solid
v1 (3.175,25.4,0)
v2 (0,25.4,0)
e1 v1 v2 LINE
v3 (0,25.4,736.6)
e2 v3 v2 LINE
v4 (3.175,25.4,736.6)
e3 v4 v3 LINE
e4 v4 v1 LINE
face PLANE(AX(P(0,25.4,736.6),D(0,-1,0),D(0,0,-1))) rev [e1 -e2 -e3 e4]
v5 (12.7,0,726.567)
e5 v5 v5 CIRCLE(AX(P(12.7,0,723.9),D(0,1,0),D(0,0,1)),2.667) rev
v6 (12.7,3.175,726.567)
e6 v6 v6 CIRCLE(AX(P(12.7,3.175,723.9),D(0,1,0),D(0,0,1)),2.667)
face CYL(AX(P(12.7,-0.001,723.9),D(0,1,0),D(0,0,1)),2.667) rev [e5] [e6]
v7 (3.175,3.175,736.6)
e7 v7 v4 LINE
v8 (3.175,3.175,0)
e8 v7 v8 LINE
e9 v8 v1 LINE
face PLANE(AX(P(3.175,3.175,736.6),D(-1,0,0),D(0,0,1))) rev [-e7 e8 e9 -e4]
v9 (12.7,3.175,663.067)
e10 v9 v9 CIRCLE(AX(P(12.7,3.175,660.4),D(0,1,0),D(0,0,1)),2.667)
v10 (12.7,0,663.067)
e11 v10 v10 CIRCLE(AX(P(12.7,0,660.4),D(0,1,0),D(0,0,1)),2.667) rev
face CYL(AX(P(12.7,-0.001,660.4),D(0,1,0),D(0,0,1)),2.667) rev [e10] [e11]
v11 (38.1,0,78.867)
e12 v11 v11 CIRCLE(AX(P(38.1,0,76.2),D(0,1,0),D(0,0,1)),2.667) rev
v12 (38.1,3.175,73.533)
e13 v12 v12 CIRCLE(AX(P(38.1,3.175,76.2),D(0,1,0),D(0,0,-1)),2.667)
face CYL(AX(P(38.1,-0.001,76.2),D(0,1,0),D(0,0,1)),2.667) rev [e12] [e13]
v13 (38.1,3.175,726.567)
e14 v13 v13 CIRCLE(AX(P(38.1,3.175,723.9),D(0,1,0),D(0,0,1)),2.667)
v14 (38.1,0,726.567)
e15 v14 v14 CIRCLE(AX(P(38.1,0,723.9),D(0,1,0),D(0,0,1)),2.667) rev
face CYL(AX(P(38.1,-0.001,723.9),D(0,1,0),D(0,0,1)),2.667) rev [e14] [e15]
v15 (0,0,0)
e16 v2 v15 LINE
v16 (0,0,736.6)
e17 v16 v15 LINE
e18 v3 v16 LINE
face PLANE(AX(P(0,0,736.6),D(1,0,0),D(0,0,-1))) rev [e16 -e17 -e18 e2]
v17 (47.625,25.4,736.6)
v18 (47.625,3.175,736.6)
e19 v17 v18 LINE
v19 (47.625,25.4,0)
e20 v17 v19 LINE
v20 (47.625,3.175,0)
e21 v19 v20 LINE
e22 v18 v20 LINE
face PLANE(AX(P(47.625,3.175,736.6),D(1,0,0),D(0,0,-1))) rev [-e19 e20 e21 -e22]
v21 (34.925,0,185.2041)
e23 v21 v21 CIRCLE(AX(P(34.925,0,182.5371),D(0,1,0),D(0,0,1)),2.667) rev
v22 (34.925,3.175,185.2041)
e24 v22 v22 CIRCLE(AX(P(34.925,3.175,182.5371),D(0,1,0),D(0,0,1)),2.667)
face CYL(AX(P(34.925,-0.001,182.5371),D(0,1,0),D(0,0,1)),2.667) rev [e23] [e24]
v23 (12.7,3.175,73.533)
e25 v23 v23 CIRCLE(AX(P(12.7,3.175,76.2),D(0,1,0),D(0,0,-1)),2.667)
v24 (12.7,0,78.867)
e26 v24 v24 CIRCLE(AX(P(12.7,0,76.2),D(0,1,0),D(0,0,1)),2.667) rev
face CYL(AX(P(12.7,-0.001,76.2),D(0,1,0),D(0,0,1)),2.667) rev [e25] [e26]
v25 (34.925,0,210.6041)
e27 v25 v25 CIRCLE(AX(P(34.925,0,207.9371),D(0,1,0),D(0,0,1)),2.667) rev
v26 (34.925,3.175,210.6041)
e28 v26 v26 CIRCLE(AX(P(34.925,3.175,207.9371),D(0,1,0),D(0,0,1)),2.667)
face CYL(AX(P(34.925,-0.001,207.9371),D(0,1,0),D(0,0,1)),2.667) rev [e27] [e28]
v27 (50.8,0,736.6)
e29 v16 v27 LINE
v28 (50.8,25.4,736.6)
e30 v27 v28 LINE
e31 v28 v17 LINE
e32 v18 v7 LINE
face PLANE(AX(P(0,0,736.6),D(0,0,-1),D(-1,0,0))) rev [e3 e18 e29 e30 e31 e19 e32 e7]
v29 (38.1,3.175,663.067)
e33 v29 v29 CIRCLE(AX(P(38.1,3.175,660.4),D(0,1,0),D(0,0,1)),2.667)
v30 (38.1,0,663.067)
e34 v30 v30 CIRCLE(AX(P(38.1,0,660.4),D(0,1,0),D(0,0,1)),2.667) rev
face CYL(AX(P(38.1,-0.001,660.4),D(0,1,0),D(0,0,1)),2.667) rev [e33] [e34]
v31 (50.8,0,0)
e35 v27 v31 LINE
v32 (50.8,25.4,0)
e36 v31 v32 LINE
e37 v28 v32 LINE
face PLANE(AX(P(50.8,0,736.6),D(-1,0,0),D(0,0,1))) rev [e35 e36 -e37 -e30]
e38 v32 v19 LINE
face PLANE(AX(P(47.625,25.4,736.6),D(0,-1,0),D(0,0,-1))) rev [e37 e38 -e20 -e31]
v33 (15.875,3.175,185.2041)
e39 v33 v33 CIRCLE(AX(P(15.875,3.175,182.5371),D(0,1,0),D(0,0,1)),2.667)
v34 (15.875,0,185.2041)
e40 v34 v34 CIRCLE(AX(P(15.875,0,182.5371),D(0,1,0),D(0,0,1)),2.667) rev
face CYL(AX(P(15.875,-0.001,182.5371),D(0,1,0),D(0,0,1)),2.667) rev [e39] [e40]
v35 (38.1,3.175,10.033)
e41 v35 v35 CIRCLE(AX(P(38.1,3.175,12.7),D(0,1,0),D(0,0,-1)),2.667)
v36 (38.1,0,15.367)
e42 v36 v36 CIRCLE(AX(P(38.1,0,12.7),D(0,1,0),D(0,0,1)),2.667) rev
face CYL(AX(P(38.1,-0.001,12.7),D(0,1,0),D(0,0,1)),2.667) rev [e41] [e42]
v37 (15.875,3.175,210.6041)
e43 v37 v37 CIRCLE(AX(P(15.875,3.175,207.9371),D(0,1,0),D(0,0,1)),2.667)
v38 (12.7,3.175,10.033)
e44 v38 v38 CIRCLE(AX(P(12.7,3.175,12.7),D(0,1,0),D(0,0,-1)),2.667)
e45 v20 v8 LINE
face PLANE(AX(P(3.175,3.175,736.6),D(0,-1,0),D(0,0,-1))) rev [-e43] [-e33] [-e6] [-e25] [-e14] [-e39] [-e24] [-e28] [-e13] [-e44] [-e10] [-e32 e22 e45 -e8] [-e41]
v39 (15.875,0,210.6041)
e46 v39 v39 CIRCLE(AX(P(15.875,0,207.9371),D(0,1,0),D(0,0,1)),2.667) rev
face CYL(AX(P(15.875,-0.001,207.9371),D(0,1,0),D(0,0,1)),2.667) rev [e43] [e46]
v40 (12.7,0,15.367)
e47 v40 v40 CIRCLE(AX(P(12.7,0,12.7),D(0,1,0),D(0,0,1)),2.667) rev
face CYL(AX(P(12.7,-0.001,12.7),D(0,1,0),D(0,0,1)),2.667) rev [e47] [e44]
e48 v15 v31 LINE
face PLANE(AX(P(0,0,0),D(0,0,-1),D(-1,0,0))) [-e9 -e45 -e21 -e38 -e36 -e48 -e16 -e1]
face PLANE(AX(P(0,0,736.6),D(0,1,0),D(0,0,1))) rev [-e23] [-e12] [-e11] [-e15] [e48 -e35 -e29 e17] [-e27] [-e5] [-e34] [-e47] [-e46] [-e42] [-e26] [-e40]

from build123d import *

# Parameters (mm, degrees)
EXTRUDE_F_DEPTH    = 736.6
CUT_EXTRUDE1_REACH = 5.175
SKETCH2_R          = 2.667
CUT_EXTRUDE2_REACH = 5.175
SKETCH3_R          = 2.667


with BuildPart() as part:
    # Sketch1 → Extrude f (new body)
    with BuildSketch(Plane.XY):
        Polygon((3.175, 3.175), (3.175, 25.4), (0, 25.4), (0, 0), (50.8, 0), (50.8, 25.4), (47.625, 25.4), (47.625, 3.175), align=None)
    extrude(amount=EXTRUDE_F_DEPTH)

    # Sketch2 → Cut-Extrude1 (cut, up to next)
    with BuildSketch(Plane(origin=(0, 3.175, 0), x_dir=(1, 0, 0), z_dir=(0, 1, 0)), mode=Mode.PRIVATE) as cut_extrude1_sk1:
        with Locations((12.7, -723.9)):
            Circle(SKETCH2_R)
    cut_extrude1_tool1 = extrude(cut_extrude1_sk1.sketch, amount=-CUT_EXTRUDE1_REACH, mode=Mode.PRIVATE) & part.part
    add(cut_extrude1_tool1.solids().sort_by_distance((12.7, 3.175, 723.9))[0], mode=Mode.SUBTRACT)
    # Sketch2 → Cut-Extrude1 (cut, up to next)
    with BuildSketch(Plane(origin=(0, 3.175, 0), x_dir=(1, 0, 0), z_dir=(0, 1, 0)), mode=Mode.PRIVATE) as cut_extrude1_sk2:
        with Locations((12.7, -660.4)):
            Circle(SKETCH2_R)
    cut_extrude1_tool2 = extrude(cut_extrude1_sk2.sketch, amount=-CUT_EXTRUDE1_REACH, mode=Mode.PRIVATE) & part.part
    add(cut_extrude1_tool2.solids().sort_by_distance((12.7, 3.175, 660.4))[0], mode=Mode.SUBTRACT)
    # Sketch2 → Cut-Extrude1 (cut, up to next)
    with BuildSketch(Plane(origin=(0, 3.175, 0), x_dir=(1, 0, 0), z_dir=(0, 1, 0)), mode=Mode.PRIVATE) as cut_extrude1_sk3:
        with Locations((38.1, -660.4)):
            Circle(SKETCH2_R)
    cut_extrude1_tool3 = extrude(cut_extrude1_sk3.sketch, amount=-CUT_EXTRUDE1_REACH, mode=Mode.PRIVATE) & part.part
    add(cut_extrude1_tool3.solids().sort_by_distance((38.1, 3.175, 660.4))[0], mode=Mode.SUBTRACT)
    # Sketch2 → Cut-Extrude1 (cut, up to next)
    with BuildSketch(Plane(origin=(0, 3.175, 0), x_dir=(1, 0, 0), z_dir=(0, 1, 0)), mode=Mode.PRIVATE) as cut_extrude1_sk4:
        with Locations((38.1, -723.9)):
            Circle(SKETCH2_R)
    cut_extrude1_tool4 = extrude(cut_extrude1_sk4.sketch, amount=-CUT_EXTRUDE1_REACH, mode=Mode.PRIVATE) & part.part
    add(cut_extrude1_tool4.solids().sort_by_distance((38.1, 3.175, 723.9))[0], mode=Mode.SUBTRACT)
    # Sketch2 → Cut-Extrude1 (cut, up to next)
    with BuildSketch(Plane(origin=(0, 3.175, 0), x_dir=(1, 0, 0), z_dir=(0, 1, 0)), mode=Mode.PRIVATE) as cut_extrude1_sk5:
        with Locations((38.1, -12.7)):
            Circle(SKETCH2_R)
    cut_extrude1_tool5 = extrude(cut_extrude1_sk5.sketch, amount=-CUT_EXTRUDE1_REACH, mode=Mode.PRIVATE) & part.part
    add(cut_extrude1_tool5.solids().sort_by_distance((38.1, 3.175, 12.7))[0], mode=Mode.SUBTRACT)
    # Sketch2 → Cut-Extrude1 (cut, up to next)
    with BuildSketch(Plane(origin=(0, 3.175, 0), x_dir=(1, 0, 0), z_dir=(0, 1, 0)), mode=Mode.PRIVATE) as cut_extrude1_sk6:
        with Locations((38.1, -76.2)):
            Circle(SKETCH2_R)
    cut_extrude1_tool6 = extrude(cut_extrude1_sk6.sketch, amount=-CUT_EXTRUDE1_REACH, mode=Mode.PRIVATE) & part.part
    add(cut_extrude1_tool6.solids().sort_by_distance((38.1, 3.175, 76.2))[0], mode=Mode.SUBTRACT)
    # Sketch2 → Cut-Extrude1 (cut, up to next)
    with BuildSketch(Plane(origin=(0, 3.175, 0), x_dir=(1, 0, 0), z_dir=(0, 1, 0)), mode=Mode.PRIVATE) as cut_extrude1_sk7:
        with Locations((12.7, -12.7)):
            Circle(SKETCH2_R)
    cut_extrude1_tool7 = extrude(cut_extrude1_sk7.sketch, amount=-CUT_EXTRUDE1_REACH, mode=Mode.PRIVATE) & part.part
    add(cut_extrude1_tool7.solids().sort_by_distance((12.7, 3.175, 12.7))[0], mode=Mode.SUBTRACT)
    # Sketch2 → Cut-Extrude1 (cut, up to next)
    with BuildSketch(Plane(origin=(0, 3.175, 0), x_dir=(1, 0, 0), z_dir=(0, 1, 0)), mode=Mode.PRIVATE) as cut_extrude1_sk8:
        with Locations((12.7, -76.2)):
            Circle(SKETCH2_R)
    cut_extrude1_tool8 = extrude(cut_extrude1_sk8.sketch, amount=-CUT_EXTRUDE1_REACH, mode=Mode.PRIVATE) & part.part
    add(cut_extrude1_tool8.solids().sort_by_distance((12.7, 3.175, 76.2))[0], mode=Mode.SUBTRACT)

    # Sketch3 → Cut-Extrude2 (cut, up to next)
    with BuildSketch(Plane(origin=(0, 3.175, 0), x_dir=(1, 0, 0), z_dir=(0, 1, 0)), mode=Mode.PRIVATE) as cut_extrude2_sk1:
        with Locations((34.925, -207.9371)):
            Circle(SKETCH3_R)
    cut_extrude2_tool1 = extrude(cut_extrude2_sk1.sketch, amount=-CUT_EXTRUDE2_REACH, mode=Mode.PRIVATE) & part.part
    add(cut_extrude2_tool1.solids().sort_by_distance((34.925, 3.175, 207.9371))[0], mode=Mode.SUBTRACT)
    # Sketch3 → Cut-Extrude2 (cut, up to next)
    with BuildSketch(Plane(origin=(0, 3.175, 0), x_dir=(1, 0, 0), z_dir=(0, 1, 0)), mode=Mode.PRIVATE) as cut_extrude2_sk2:
        with Locations((15.875, -207.9371)):
            Circle(SKETCH3_R)
    cut_extrude2_tool2 = extrude(cut_extrude2_sk2.sketch, amount=-CUT_EXTRUDE2_REACH, mode=Mode.PRIVATE) & part.part
    add(cut_extrude2_tool2.solids().sort_by_distance((15.875, 3.175, 207.9371))[0], mode=Mode.SUBTRACT)
    # Sketch3 → Cut-Extrude2 (cut, up to next)
    with BuildSketch(Plane(origin=(0, 3.175, 0), x_dir=(1, 0, 0), z_dir=(0, 1, 0)), mode=Mode.PRIVATE) as cut_extrude2_sk3:
        with Locations((34.925, -182.5371)):
            Circle(SKETCH3_R)
    cut_extrude2_tool3 = extrude(cut_extrude2_sk3.sketch, amount=-CUT_EXTRUDE2_REACH, mode=Mode.PRIVATE) & part.part
    add(cut_extrude2_tool3.solids().sort_by_distance((34.925, 3.175, 182.5371))[0], mode=Mode.SUBTRACT)
    # Sketch3 → Cut-Extrude2 (cut, up to next)
    with BuildSketch(Plane(origin=(0, 3.175, 0), x_dir=(1, 0, 0), z_dir=(0, 1, 0)), mode=Mode.PRIVATE) as cut_extrude2_sk4:
        with Locations((15.875, -182.5371)):
            Circle(SKETCH3_R)
    cut_extrude2_tool4 = extrude(cut_extrude2_sk4.sketch, amount=-CUT_EXTRUDE2_REACH, mode=Mode.PRIVATE) & part.part
    add(cut_extrude2_tool4.solids().sort_by_distance((15.875, 3.175, 182.5371))[0], mode=Mode.SUBTRACT)


solid = part.part
